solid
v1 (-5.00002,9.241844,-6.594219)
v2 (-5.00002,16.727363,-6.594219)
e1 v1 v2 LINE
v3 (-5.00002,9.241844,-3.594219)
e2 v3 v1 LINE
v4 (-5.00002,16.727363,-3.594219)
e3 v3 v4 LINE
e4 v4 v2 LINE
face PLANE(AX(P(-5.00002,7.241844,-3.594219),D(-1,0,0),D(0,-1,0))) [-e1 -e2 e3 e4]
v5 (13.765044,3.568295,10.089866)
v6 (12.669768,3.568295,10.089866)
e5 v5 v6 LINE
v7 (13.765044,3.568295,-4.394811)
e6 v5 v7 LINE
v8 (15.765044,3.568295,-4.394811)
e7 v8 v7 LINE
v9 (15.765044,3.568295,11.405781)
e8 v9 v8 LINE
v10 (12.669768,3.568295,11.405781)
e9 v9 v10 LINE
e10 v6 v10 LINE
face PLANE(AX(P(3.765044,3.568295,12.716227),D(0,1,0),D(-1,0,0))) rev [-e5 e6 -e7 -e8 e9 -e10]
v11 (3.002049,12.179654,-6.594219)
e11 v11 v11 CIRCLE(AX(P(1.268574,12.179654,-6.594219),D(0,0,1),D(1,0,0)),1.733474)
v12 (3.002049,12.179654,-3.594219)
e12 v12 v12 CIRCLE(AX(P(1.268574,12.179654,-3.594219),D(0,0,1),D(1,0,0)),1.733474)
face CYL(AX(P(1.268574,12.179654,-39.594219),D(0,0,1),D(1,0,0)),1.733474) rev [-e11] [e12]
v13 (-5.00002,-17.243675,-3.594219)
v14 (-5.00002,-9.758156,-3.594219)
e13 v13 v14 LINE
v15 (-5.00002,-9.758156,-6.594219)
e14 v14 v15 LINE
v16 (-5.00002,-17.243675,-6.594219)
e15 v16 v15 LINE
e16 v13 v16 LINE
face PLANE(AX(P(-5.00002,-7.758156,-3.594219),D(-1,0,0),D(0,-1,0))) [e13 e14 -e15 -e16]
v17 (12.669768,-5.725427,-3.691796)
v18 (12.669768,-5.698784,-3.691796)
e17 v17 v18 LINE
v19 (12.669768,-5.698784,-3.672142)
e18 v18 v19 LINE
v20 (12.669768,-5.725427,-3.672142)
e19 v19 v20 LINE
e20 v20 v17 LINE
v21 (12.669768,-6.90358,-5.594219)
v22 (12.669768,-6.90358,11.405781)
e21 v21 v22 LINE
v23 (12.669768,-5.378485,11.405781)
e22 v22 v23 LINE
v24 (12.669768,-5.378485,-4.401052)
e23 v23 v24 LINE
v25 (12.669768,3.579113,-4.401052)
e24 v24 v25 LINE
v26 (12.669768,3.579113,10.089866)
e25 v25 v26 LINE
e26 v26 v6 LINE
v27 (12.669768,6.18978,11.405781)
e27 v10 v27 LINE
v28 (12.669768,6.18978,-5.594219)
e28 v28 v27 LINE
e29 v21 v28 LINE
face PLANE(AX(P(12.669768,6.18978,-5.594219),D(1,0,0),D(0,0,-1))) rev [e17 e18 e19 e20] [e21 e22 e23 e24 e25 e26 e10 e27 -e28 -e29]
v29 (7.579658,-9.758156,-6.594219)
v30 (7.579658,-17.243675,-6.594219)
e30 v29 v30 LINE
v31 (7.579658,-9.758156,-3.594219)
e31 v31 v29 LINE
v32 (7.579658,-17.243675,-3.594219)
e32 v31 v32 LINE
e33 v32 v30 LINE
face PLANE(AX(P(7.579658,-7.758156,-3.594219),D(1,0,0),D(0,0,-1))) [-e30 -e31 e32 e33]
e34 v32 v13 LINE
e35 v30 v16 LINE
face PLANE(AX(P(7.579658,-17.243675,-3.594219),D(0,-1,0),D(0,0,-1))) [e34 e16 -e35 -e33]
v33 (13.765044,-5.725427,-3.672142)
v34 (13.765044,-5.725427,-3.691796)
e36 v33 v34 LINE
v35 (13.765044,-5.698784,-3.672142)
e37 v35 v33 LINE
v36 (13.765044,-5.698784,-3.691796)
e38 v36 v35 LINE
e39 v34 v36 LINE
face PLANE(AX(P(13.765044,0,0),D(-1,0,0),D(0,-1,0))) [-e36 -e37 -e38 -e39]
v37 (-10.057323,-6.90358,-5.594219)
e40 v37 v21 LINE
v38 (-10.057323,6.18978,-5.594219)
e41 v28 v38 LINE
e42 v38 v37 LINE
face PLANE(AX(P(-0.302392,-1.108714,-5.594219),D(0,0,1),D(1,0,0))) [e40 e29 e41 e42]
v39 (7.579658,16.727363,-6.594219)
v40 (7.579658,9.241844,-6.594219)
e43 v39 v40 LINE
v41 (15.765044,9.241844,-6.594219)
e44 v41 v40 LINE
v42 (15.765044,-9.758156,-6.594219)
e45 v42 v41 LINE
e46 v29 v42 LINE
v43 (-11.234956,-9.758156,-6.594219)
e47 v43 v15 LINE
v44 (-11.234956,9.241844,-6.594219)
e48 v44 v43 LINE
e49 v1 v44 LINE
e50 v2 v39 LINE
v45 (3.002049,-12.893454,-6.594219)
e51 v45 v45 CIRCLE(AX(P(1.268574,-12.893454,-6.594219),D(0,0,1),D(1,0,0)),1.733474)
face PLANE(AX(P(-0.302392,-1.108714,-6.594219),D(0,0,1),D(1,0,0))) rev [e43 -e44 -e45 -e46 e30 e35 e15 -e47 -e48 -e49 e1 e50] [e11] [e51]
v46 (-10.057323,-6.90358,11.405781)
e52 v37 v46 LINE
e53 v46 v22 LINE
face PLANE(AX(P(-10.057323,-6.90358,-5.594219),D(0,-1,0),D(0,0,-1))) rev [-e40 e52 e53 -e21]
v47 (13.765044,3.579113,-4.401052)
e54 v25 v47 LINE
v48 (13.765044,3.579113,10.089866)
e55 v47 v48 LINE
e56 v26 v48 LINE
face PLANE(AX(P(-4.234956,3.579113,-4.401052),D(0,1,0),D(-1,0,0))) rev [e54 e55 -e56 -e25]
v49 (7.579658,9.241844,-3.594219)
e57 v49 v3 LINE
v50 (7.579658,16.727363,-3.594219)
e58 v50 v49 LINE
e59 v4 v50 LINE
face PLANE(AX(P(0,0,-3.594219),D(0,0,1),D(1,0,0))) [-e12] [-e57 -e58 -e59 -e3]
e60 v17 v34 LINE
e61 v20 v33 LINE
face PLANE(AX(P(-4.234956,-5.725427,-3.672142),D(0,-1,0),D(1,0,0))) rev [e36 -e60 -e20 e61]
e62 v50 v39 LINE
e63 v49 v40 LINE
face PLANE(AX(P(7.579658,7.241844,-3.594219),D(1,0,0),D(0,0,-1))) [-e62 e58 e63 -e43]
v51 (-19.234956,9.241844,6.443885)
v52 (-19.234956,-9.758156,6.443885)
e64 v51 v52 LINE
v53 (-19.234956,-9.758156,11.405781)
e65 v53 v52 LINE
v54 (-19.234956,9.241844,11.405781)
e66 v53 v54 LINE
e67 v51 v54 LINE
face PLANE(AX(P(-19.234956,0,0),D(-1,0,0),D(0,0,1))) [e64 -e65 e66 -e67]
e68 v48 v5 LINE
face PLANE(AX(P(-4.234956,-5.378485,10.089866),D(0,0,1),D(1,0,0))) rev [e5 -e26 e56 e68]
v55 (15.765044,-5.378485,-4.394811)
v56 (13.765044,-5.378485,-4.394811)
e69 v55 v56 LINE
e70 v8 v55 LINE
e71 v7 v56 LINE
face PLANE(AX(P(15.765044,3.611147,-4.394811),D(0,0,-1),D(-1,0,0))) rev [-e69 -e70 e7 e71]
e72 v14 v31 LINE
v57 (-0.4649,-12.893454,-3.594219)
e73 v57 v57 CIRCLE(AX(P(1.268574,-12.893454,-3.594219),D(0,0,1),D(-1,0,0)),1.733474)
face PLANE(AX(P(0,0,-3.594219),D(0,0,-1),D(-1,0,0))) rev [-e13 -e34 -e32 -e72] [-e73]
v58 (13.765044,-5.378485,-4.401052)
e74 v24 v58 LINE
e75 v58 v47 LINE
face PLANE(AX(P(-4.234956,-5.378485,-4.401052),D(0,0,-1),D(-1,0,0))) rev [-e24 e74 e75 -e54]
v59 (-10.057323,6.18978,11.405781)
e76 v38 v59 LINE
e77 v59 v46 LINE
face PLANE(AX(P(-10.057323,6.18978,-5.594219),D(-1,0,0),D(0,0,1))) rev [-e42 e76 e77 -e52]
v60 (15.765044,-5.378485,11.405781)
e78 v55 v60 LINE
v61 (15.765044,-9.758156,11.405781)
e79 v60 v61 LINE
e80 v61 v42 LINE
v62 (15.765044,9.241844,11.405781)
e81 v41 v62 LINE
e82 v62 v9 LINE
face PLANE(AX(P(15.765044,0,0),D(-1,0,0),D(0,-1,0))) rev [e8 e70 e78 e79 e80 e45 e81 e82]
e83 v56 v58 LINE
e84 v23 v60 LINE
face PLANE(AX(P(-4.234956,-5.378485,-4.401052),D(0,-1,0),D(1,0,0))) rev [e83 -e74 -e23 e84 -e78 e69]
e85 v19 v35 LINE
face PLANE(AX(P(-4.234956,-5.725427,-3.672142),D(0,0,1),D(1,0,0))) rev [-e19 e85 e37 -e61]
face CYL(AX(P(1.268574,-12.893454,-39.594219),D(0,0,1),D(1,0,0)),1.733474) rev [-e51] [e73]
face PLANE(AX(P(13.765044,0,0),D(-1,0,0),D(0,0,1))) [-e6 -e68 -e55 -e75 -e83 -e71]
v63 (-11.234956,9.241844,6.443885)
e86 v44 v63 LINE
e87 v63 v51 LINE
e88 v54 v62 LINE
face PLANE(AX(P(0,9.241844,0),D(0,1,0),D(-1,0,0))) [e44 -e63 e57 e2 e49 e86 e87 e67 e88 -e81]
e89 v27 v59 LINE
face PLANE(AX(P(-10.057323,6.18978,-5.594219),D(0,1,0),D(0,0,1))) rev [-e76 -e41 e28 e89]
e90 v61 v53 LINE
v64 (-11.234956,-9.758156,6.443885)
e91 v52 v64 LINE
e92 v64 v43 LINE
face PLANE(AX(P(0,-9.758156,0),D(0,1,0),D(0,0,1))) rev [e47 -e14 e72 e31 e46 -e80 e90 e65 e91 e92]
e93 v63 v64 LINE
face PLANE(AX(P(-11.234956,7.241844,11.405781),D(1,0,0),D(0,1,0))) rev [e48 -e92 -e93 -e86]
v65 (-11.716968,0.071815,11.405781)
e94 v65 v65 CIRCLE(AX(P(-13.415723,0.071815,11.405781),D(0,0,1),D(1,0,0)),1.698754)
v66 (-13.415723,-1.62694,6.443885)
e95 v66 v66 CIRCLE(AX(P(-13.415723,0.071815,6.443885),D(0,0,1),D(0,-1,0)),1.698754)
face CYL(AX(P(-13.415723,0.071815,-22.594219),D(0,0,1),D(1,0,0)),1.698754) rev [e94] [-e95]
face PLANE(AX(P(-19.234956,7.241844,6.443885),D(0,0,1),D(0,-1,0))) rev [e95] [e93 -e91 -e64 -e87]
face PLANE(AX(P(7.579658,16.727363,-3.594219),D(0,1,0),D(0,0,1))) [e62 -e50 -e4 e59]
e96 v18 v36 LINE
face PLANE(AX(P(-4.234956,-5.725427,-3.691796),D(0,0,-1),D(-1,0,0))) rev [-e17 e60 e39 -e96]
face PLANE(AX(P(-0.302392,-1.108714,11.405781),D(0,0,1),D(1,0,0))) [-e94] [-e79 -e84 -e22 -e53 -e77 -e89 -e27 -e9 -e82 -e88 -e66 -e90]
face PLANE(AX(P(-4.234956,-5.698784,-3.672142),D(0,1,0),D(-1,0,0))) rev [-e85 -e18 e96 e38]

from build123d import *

# Parameters (mm, degrees)
SKETCH1_W            = 2.5
SKETCH1_H            = 1.5
BOSS_EXTRUDE1_DEPTH  = 1.8
SKETCH2_W            = 2.272709172
SKETCH2_H            = 1.309335963
CUT_EXTRUDE1_DEPTH   = 1.7
SKETCH3_W            = 0.001965442
SKETCH3_H            = 0.00266433
SKETCH3_W_2          = 1.44909182
SKETCH3_H_2          = 0.895759853
CUT_EXTRUDE2_DEPTH   = 1.8
SCALE1_SCALE         = 10
SKETCH6_W            = 3.399300392
SKETCH6_H            = 8.946780682
CUT_EXTRUDE4_DEPTH   = 10
SKETCH12_W           = 4.961896536
SKETCH12_H           = 15
BOSS_EXTRUDE5_DEPTH  = 8
SKETCH13_R           = 1.698754484
CUT_EXTRUDE6_DEPTH   = 34
SKETCH22_W           = 12.579678002
SKETCH22_H           = 9.485518979
BOSS_EXTRUDE10_DEPTH = 3
SKETCH25_R           = 1.733474482
CUT_EXTRUDE7_DEPTH   = 36
SKETCH26_W           = 6.246850144
SKETCH26_H           = 18
BOSS_EXTRUDE11_DEPTH = 2
SKETCH27_W           = 6.994524045
SKETCH27_H           = 18
BOSS_EXTRUDE12_DEPTH = 2
SKETCH28_W           = 11.770540317
SKETCH28_H           = 15
BOSS_EXTRUDE13_DEPTH = 2
SKETCH29_W           = 7.549452405
SKETCH29_H           = 18
BOSS_EXTRUDE14_DEPTH = 2
SKETCH30_W           = 6.149592849
SKETCH30_H           = 18
BOSS_EXTRUDE15_DEPTH = 2
SKETCH31_W           = 11.265161235
SKETCH31_H           = 15
BOSS_EXTRUDE16_DEPTH = 2
SKETCH32_W           = 8
SKETCH32_H           = 4.961896536
BOSS_EXTRUDE17_DEPTH = 2
SKETCH33_W           = 0.035793511
SKETCH33_H           = 18
BOSS_EXTRUDE18_DEPTH = 2
SKETCH34_W           = 8
SKETCH34_H           = 4.961896536
BOSS_EXTRUDE19_DEPTH = 2
SKETCH36_W           = 18
SKETCH36_H           = 4.317479632
BOSS_EXTRUDE20_DEPTH = 2
SKETCH37_W           = 18
SKETCH37_H           = 5.630697462
BOSS_EXTRUDE21_DEPTH = 2
SKETCH38_W           = 2.199407661
SKETCH38_H           = 9.051822906
BOSS_EXTRUDE22_DEPTH = 2
SKETCH39_W           = 15.800592339
SKETCH39_H           = 0.042851216
BOSS_EXTRUDE23_DEPTH = 2
SKETCH40_W           = 15.800592339
SKETCH40_H           = 0.062191008
BOSS_EXTRUDE24_DEPTH = 2


with BuildPart() as part:
    # Sketch1 → Boss-Extrude1 (new body)
    with BuildSketch(Plane.XY):
        with Locations((0.15674366, 0.085055811)):
            Rectangle(SKETCH1_W, SKETCH1_H)
    extrude(amount=BOSS_EXTRUDE1_DEPTH)

    # Sketch2 → Cut-Extrude1 (cut)
    with BuildSketch(Plane.XY.offset(1.8)):
        with Locations((0.160861454, 0.075181403)):
            Rectangle(SKETCH2_W, SKETCH2_H)
    extrude(amount=-CUT_EXTRUDE1_DEPTH, mode=Mode.SUBTRACT)

    # Sketch3 → Cut-Extrude2 (cut)
    with BuildSketch(Plane(origin=(1.40674366, 0, 0), x_dir=(0, 0, -1), z_dir=(1, 0, 0))):
        with Locations((-0.29122496, -0.460339146)):
            Rectangle(SKETCH3_W, SKETCH3_H)
        with Locations((-0.943862586, 0.020902802)):
            Rectangle(SKETCH3_W_2, SKETCH3_H_2)
    extrude(amount=-CUT_EXTRUDE2_DEPTH, mode=Mode.SUBTRACT)


with BuildPart() as part_1:
    # Scale1: scaled about (0.033599126, 0.123190455, 0.732690955)
    add(part.part.scale(SCALE1_SCALE).moved(Location((-0.302392134, -1.108714095, -6.594218595))))

    # Sketch6 → Cut-Extrude4 (cut)
    with BuildSketch(Plane(origin=(13.765044467, 0, 0), x_dir=(0, 0, -1), z_dir=(1, 0, 0))):
        with Locations((-11.016576897, -0.905094997)):
            Rectangle(SKETCH6_W, SKETCH6_H)
    extrude(amount=-CUT_EXTRUDE4_DEPTH, mode=Mode.SUBTRACT)

    # Sketch12 → Boss-Extrude5 (add)
    with BuildSketch(Plane.ZY.offset(11.234955533)):
        with Locations((8.924833137, -0.258155978)):
            Rectangle(SKETCH12_W, SKETCH12_H)
    extrude(amount=BOSS_EXTRUDE5_DEPTH)

    # Sketch13 → Cut-Extrude6 (cut)
    with BuildSketch(Plane.XY.offset(11.405781405)):
        with Locations((-13.415722705, 0.071814751)):
            Circle(SKETCH13_R)
    extrude(amount=-CUT_EXTRUDE6_DEPTH, mode=Mode.SUBTRACT)

    # Sketch22 → Boss-Extrude10 (add)
    with BuildSketch(Plane(origin=(0, 0, -6.594218595), x_dir=(-1, 0, 0), z_dir=(0, 0, -1))):
        with Locations((-1.289819106, 11.984603512)):
            Rectangle(SKETCH22_W, SKETCH22_H)
        with Locations((-1.289819106, -12.500915468)):
            Rectangle(SKETCH22_W, SKETCH22_H)
    extrude(amount=-BOSS_EXTRUDE10_DEPTH)

    # Sketch25 → Cut-Extrude7 (cut)
    with BuildSketch(Plane.XY.offset(-3.594218595)):
        with Locations((1.268574204, 12.179653892)):
            Circle(SKETCH25_R)
        with Locations((1.268574204, -12.893454026)):
            Circle(SKETCH25_R)
    extrude(amount=-CUT_EXTRUDE7_DEPTH, mode=Mode.SUBTRACT)

    # Sketch26 → Boss-Extrude11 (add)
    with BuildSketch(Plane(origin=(0, 7.241844022, 0), x_dir=(1, 0, 0), z_dir=(0, 1, 0))):
        with Locations((-8.111530461, -2.405781405)):
            Rectangle(SKETCH26_W, SKETCH26_H)
    extrude(amount=BOSS_EXTRUDE11_DEPTH)

    # Sketch27 → Boss-Extrude12 (add)
    with BuildSketch(Plane(origin=(0, 7.241844022, 0), x_dir=(1, 0, 0), z_dir=(0, 1, 0))):
        with Locations((10.267782444, -2.405781405)):
            Rectangle(SKETCH27_W, SKETCH27_H)
    extrude(amount=BOSS_EXTRUDE12_DEPTH)

    # Sketch28 → Boss-Extrude13 (add)
    with BuildSketch(Plane(origin=(0, 7.241844022, 0), x_dir=(1, 0, 0), z_dir=(0, 1, 0))):
        with Locations((0.885250264, -3.905781405)):
            Rectangle(SKETCH28_W, SKETCH28_H)
    extrude(amount=BOSS_EXTRUDE13_DEPTH)

    # Sketch29 → Boss-Extrude14 (add)
    with BuildSketch(Plane(origin=(0, -7.758155978, 0), x_dir=(-1, 0, 0), z_dir=(0, -1, 0))):
        with Locations((7.460229331, -2.405781405)):
            Rectangle(SKETCH29_W, SKETCH29_H)
    extrude(amount=BOSS_EXTRUDE14_DEPTH)

    # Sketch30 → Boss-Extrude15 (add)
    with BuildSketch(Plane(origin=(0, -7.758155978, 0), x_dir=(-1, 0, 0), z_dir=(0, -1, 0))):
        with Locations((-10.690248043, -2.405781405)):
            Rectangle(SKETCH30_W, SKETCH30_H)
    extrude(amount=BOSS_EXTRUDE15_DEPTH)

    # Sketch31 → Boss-Extrude16 (add)
    with BuildSketch(Plane.XZ.offset(7.758155978)):
        with Locations((1.94707749, 3.905781405)):
            Rectangle(SKETCH31_W, SKETCH31_H)
    extrude(amount=BOSS_EXTRUDE16_DEPTH)

    # Sketch32 → Boss-Extrude17 (add)
    with BuildSketch(Plane(origin=(0, 7.241844022, 0), x_dir=(1, 0, 0), z_dir=(0, 1, 0))):
        with Locations((-15.234955533, -8.924833137)):
            Rectangle(SKETCH32_W, SKETCH32_H)
    extrude(amount=BOSS_EXTRUDE17_DEPTH)

    # Sketch33 → Boss-Extrude18 (add)
    with BuildSketch(Plane(origin=(0, -7.758155978, 0), x_dir=(-1, 0, 0), z_dir=(0, -1, 0))):
        with Locations((-7.597554863, -2.405781405)):
            Rectangle(SKETCH33_W, SKETCH33_H)
    extrude(amount=BOSS_EXTRUDE18_DEPTH)

    # Sketch34 → Boss-Extrude19 (add)
    with BuildSketch(Plane.XZ.offset(7.758155978)):
        with Locations((-15.234955533, 8.924833137)):
            Rectangle(SKETCH34_W, SKETCH34_H)
    extrude(amount=BOSS_EXTRUDE19_DEPTH)

    # Sketch36 → Boss-Extrude20 (add)
    with BuildSketch(Plane(origin=(13.765044467, 0, 0), x_dir=(0, 0, -1), z_dir=(1, 0, 0))):
        with Locations((-2.405781405, -7.599416162)):
            Rectangle(SKETCH36_W, SKETCH36_H)
    extrude(amount=BOSS_EXTRUDE20_DEPTH)

    # Sketch37 → Boss-Extrude21 (add)
    with BuildSketch(Plane(origin=(13.765044467, 0, 0), x_dir=(0, 0, -1), z_dir=(1, 0, 0))):
        with Locations((-2.405781405, 6.426495291)):
            Rectangle(SKETCH37_W, SKETCH37_H)
    extrude(amount=BOSS_EXTRUDE21_DEPTH)

    # Sketch38 → Boss-Extrude22 (add)
    with BuildSketch(Plane(origin=(13.765044467, 0, 0), x_dir=(0, 0, -1), z_dir=(1, 0, 0))):
        with Locations((5.494514764, -0.914764893)):
            Rectangle(SKETCH38_W, SKETCH38_H)
    extrude(amount=BOSS_EXTRUDE22_DEPTH)

    # Sketch39 → Boss-Extrude23 (add)
    with BuildSketch(Plane(origin=(13.765044467, 0, 0), x_dir=(0, 0, -1), z_dir=(1, 0, 0))):
        with Locations((-3.505485236, 3.589720952)):
            Rectangle(SKETCH39_W, SKETCH39_H)
    extrude(amount=BOSS_EXTRUDE23_DEPTH)

    # Sketch40 → Boss-Extrude24 (add)
    with BuildSketch(Plane(origin=(13.765044467, 0, 0), x_dir=(0, 0, -1), z_dir=(1, 0, 0))):
        with Locations((-3.505485236, -5.409580842)):
            Rectangle(SKETCH40_W, SKETCH40_H)
    extrude(amount=BOSS_EXTRUDE24_DEPTH)


solid = part_1.part
